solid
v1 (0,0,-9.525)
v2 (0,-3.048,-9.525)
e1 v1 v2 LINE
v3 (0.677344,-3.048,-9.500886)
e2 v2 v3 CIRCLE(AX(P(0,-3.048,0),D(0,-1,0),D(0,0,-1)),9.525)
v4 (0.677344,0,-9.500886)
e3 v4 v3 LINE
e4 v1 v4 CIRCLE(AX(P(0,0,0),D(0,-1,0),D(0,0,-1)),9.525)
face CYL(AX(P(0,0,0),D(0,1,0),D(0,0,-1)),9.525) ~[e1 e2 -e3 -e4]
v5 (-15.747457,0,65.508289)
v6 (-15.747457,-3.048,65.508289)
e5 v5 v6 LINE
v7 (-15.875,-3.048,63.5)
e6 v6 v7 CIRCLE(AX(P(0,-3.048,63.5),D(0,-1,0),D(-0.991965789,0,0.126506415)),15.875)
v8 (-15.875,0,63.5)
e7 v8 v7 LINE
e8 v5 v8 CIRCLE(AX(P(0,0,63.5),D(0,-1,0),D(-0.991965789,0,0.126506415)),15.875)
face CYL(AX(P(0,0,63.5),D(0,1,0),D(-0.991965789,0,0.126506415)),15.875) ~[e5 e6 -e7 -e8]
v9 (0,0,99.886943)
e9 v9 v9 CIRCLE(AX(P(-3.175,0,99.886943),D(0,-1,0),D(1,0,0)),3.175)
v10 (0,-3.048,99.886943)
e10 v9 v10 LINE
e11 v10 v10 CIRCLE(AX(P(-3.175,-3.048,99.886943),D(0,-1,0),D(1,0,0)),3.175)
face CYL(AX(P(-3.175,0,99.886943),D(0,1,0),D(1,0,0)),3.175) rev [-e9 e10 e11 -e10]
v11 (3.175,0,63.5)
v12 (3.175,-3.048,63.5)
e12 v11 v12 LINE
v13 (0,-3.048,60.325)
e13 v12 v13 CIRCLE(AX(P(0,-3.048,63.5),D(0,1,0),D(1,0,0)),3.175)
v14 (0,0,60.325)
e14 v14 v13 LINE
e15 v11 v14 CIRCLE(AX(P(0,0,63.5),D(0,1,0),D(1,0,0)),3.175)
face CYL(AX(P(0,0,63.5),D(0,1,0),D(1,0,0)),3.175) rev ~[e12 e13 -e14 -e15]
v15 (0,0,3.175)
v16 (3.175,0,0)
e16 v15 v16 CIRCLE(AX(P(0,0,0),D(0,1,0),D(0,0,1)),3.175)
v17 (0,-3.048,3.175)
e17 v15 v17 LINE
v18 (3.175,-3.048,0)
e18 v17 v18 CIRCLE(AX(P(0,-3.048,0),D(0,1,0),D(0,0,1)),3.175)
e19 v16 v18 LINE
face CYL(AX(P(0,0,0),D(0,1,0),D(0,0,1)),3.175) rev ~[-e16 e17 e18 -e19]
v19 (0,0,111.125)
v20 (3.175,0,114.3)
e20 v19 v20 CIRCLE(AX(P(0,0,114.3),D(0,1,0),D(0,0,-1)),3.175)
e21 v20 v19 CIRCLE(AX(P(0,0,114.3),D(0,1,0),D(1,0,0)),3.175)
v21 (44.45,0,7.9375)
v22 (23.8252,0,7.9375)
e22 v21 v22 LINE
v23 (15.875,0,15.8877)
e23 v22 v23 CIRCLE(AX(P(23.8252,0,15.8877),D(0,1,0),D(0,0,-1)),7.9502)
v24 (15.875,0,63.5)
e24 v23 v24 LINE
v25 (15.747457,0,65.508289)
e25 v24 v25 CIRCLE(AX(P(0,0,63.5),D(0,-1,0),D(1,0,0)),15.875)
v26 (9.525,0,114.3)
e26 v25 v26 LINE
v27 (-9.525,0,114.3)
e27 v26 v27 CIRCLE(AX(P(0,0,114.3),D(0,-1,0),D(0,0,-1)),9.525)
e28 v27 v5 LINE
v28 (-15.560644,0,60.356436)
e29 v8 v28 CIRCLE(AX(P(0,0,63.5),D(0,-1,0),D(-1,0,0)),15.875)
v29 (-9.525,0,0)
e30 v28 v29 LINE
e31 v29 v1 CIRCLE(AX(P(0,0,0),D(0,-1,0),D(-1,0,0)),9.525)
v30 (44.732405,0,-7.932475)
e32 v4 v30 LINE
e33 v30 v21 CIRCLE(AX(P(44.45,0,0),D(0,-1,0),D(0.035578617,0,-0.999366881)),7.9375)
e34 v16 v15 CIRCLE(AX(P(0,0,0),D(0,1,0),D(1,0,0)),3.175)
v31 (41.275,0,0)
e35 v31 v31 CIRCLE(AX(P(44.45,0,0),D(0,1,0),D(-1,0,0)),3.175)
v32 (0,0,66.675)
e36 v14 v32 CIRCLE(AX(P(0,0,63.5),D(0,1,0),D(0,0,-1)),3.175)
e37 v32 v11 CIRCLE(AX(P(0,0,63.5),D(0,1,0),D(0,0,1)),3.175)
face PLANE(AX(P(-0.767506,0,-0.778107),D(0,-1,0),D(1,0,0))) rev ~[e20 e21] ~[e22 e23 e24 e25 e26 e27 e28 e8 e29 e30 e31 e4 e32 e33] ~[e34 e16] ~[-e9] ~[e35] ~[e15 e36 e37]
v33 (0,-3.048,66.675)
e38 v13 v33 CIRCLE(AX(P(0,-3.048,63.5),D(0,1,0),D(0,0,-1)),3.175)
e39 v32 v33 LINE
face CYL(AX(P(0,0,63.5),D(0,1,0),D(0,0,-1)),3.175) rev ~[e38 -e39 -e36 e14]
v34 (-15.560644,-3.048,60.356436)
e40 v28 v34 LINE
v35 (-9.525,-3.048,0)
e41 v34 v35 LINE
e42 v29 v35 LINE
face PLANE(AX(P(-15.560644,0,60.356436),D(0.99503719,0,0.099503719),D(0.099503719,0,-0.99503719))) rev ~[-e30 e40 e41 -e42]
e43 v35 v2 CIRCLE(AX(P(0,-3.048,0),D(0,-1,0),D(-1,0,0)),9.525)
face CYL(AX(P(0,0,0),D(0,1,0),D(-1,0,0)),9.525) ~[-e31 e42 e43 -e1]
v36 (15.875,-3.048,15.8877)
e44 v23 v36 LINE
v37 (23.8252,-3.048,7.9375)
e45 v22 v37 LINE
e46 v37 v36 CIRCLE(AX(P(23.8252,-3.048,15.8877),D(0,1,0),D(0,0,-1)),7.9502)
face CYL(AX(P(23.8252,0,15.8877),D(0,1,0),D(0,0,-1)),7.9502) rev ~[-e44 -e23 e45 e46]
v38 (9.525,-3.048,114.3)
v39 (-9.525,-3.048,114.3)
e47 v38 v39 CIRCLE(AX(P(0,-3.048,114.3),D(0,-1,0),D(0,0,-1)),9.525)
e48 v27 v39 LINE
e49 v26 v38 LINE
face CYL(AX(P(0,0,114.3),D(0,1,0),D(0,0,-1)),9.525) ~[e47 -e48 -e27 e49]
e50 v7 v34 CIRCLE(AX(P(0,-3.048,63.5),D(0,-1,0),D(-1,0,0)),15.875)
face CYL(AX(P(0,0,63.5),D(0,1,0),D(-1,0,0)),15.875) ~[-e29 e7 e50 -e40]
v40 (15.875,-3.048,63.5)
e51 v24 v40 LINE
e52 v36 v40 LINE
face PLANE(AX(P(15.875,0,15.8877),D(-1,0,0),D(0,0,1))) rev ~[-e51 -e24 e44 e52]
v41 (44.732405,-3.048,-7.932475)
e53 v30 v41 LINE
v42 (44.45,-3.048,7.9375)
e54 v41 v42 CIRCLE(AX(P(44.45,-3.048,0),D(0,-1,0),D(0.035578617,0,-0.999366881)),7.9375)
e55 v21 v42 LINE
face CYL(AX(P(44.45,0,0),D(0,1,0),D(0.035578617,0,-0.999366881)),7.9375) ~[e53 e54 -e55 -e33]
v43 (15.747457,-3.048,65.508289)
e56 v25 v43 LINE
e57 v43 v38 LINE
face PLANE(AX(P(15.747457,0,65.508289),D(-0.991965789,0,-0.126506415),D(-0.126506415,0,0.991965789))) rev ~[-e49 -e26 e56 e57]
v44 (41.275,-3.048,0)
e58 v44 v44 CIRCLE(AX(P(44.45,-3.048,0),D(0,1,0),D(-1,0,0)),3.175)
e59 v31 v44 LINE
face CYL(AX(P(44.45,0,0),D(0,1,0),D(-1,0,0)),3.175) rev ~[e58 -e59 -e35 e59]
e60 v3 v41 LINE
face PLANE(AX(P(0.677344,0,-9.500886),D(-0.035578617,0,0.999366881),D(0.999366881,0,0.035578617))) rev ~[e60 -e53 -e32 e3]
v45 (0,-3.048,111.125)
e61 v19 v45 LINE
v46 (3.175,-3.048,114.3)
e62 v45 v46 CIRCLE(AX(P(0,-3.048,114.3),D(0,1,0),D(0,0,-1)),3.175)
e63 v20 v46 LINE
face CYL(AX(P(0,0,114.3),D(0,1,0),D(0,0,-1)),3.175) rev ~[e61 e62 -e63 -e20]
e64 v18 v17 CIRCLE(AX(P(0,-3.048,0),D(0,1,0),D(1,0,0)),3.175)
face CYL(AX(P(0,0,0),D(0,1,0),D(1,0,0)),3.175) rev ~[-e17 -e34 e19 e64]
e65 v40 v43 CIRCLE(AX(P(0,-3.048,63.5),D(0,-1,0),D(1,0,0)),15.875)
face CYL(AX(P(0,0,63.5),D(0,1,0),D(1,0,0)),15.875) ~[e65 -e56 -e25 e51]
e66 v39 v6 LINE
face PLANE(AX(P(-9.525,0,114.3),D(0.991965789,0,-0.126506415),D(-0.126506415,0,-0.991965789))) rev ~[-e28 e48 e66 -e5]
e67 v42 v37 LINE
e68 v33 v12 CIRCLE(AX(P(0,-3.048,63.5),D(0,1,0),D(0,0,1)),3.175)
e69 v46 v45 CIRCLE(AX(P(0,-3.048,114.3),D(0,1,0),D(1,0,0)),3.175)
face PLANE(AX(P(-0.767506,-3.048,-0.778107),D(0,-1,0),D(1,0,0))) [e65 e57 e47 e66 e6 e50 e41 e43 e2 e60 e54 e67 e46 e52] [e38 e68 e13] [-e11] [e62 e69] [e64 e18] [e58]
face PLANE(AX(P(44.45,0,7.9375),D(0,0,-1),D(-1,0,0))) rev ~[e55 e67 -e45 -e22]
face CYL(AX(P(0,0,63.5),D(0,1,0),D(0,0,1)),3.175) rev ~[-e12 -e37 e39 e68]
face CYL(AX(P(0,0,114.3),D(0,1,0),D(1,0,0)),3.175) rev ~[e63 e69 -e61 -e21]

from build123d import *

# Parameters (mm, degrees)
F0_R     = 3.175
F1_DEPTH = 3.048


with BuildPart() as f1:
    # F0 (on Front) → F1 (new body)
    with BuildSketch(Plane.XZ):
        with BuildLine():
            ThreePointArc((3.175, 0), (-2.2450640303, -2.2450640303), (0, 3.175))
            Line((0, 3.175), (0, 9.525))
            ThreePointArc((0, 9.525), (-6.7351920908, 6.7351920908), (-9.525, 0))
            ThreePointArc((-9.525, 0), (-6.7351920908, -6.7351920908), (0, -9.525))
            Line((0, -9.525), (0.6773435479, -9.500885786))
            ThreePointArc((0.6773435479, -9.500885786), (6.9705567315, -6.4912990883), (9.525, 0))
            Line((9.525, 0), (3.175, 0))
        make_face()
        with BuildLine():
            ThreePointArc((-9.525, 0), (-6.7351920908, 6.7351920908), (0, 9.525))
            Line((0, 9.525), (0, 47.625))
            ThreePointArc((0, 47.625), (-10.0526499203, 51.2134278751), (-15.5606435644, 60.3564356436))
            Line((-15.5606435644, 60.3564356436), (-9.525, 0))
        make_face()
        with BuildLine():
            Line((0, 47.625), (0, 9.525))
            ThreePointArc((0, 9.525), (6.7351920908, 6.7351920908), (9.525, 0))
            Line((9.525, 0), (36.5125, 0))
            ThreePointArc((36.5125, 0), (38.8373399243, 5.6126600757), (44.45, 7.9375))
            Line((44.45, 7.9375), (23.8252, 7.9375))
            ThreePointArc((23.8252, 7.9375), (18.2035596682, 10.2660596682), (15.875, 15.8877))
            Line((15.875, 15.8877), (15.875, 63.5))
            ThreePointArc((15.875, 63.5), (11.2253201513, 52.2746798487), (0, 47.625))
        make_face()
        with BuildLine():
            Line((36.5125, 0), (9.525, 0))
            ThreePointArc((9.525, 0), (6.9705567315, -6.4912990883), (0.6773435479, -9.500885786))
            Line((0.6773435479, -9.500885786), (44.7324052746, -7.9324746146))
            ThreePointArc((44.7324052746, -7.9324746146), (38.9380895153, -5.7116327839), (36.5125, 0))
        make_face()
        with BuildLine():
            ThreePointArc((-15.5606435644, 60.3564356436), (-10.0526499203, 51.2134278751), (0, 47.625))
            Line((0, 47.625), (0, 60.325))
            ThreePointArc((0, 60.325), (-3.175, 63.5), (0, 66.675))
            Line((0, 66.675), (0, 79.375))
            ThreePointArc((0, 79.375), (-10.4912828548, 75.4142187767), (-15.7474569047, 65.5082893304))
            ThreePointArc((-15.7474569047, 65.5082893304), (-15.8430821396, 64.5061676396), (-15.875, 63.5))
            Line((-15.875, 63.5), (-15.5606435644, 60.3564356436))
        make_face()
        with BuildLine():
            Line((0, 60.325), (0, 47.625))
            ThreePointArc((0, 47.625), (11.2253201513, 52.2746798487), (15.875, 63.5))
            ThreePointArc((15.875, 63.5), (15.8430821396, 64.5061676396), (15.7474569047, 65.5082893304))
            ThreePointArc((15.7474569047, 65.5082893304), (10.4912828548, 75.4142187767), (0, 79.375))
            Line((0, 79.375), (0, 66.675))
            ThreePointArc((0, 66.675), (2.2450640303, 65.7450640303), (3.175, 63.5))
            ThreePointArc((3.175, 63.5), (2.2450640303, 61.2549359697), (0, 60.325))
        make_face()
        with BuildLine():
            ThreePointArc((44.45, 7.9375), (38.8373399243, 5.6126600757), (36.5125, 0))
            ThreePointArc((36.5125, 0), (38.9380895153, -5.7116327839), (44.7324052746, -7.9324746146))
            ThreePointArc((44.7324052746, -7.9324746146), (50.1616327839, -5.5119104847), (52.3875, 0))
            ThreePointArc((52.3875, 0), (50.0626600757, 5.6126600757), (44.45, 7.9375))
        make_face()
        with BuildLine():
            ThreePointArc((47.625, 0), (44.45, -3.175), (41.275, 0))
            ThreePointArc((41.275, 0), (44.45, 3.175), (47.625, 0))
        make_face(mode=Mode.SUBTRACT)
        with BuildLine():
            ThreePointArc((0, -9.525), (0.3388863295, -9.5189695375), (0.6773435479, -9.500885786))
            Line((0.6773435479, -9.500885786), (0, -9.525))
        make_face()
        with BuildLine():
            ThreePointArc((-15.875, 63.5), (-15.7962153946, 61.9203784605), (-15.5606435644, 60.3564356436))
            Line((-15.5606435644, 60.3564356436), (-15.875, 63.5))
        make_face()
        with BuildLine():
            ThreePointArc((0, 79.375), (10.4912828548, 75.4142187767), (15.7474569047, 65.5082893304))
            Line((15.7474569047, 65.5082893304), (9.525, 114.3))
            ThreePointArc((9.525, 114.3), (6.7351920908, 107.5648079092), (0, 104.775))
            Line((0, 104.775), (0, 99.886942851))
            Line((0, 99.886942851), (0, 79.375))
        make_face()
        with BuildLine():
            ThreePointArc((-15.7474569047, 65.5082893304), (-10.4912828548, 75.4142187767), (0, 79.375))
            Line((0, 79.375), (0, 99.886942851))
            Line((0, 99.886942851), (0, 104.775))
            ThreePointArc((0, 104.775), (-6.7351920908, 107.5648079092), (-9.525, 114.3))
            Line((-9.525, 114.3), (-15.7474569047, 65.5082893304))
        make_face()
        with Locations((-3.175, 99.886942851)):
            Circle(F0_R, mode=Mode.SUBTRACT)
        with BuildLine():
            ThreePointArc((0, 104.775), (6.7351920908, 107.5648079092), (9.525, 114.3))
            ThreePointArc((9.525, 114.3), (0, 123.825), (-9.525, 114.3))
            ThreePointArc((-9.525, 114.3), (-6.7351920908, 107.5648079092), (0, 104.775))
        make_face()
        with BuildLine():
            ThreePointArc((3.175, 114.3), (2.2450640303, 112.0549359697), (0, 111.125))
            ThreePointArc((0, 111.125), (-2.2450640303, 116.5450640303), (3.175, 114.3))
        make_face(mode=Mode.SUBTRACT)
        with BuildLine():
            Line((0, 9.525), (0, 3.175))
            ThreePointArc((0, 3.175), (2.2450640303, 2.2450640303), (3.175, 0))
            Line((3.175, 0), (9.525, 0))
            ThreePointArc((9.525, 0), (6.7351920908, 6.7351920908), (0, 9.525))
        make_face()
    extrude(amount=F1_DEPTH)


solid = f1.part
